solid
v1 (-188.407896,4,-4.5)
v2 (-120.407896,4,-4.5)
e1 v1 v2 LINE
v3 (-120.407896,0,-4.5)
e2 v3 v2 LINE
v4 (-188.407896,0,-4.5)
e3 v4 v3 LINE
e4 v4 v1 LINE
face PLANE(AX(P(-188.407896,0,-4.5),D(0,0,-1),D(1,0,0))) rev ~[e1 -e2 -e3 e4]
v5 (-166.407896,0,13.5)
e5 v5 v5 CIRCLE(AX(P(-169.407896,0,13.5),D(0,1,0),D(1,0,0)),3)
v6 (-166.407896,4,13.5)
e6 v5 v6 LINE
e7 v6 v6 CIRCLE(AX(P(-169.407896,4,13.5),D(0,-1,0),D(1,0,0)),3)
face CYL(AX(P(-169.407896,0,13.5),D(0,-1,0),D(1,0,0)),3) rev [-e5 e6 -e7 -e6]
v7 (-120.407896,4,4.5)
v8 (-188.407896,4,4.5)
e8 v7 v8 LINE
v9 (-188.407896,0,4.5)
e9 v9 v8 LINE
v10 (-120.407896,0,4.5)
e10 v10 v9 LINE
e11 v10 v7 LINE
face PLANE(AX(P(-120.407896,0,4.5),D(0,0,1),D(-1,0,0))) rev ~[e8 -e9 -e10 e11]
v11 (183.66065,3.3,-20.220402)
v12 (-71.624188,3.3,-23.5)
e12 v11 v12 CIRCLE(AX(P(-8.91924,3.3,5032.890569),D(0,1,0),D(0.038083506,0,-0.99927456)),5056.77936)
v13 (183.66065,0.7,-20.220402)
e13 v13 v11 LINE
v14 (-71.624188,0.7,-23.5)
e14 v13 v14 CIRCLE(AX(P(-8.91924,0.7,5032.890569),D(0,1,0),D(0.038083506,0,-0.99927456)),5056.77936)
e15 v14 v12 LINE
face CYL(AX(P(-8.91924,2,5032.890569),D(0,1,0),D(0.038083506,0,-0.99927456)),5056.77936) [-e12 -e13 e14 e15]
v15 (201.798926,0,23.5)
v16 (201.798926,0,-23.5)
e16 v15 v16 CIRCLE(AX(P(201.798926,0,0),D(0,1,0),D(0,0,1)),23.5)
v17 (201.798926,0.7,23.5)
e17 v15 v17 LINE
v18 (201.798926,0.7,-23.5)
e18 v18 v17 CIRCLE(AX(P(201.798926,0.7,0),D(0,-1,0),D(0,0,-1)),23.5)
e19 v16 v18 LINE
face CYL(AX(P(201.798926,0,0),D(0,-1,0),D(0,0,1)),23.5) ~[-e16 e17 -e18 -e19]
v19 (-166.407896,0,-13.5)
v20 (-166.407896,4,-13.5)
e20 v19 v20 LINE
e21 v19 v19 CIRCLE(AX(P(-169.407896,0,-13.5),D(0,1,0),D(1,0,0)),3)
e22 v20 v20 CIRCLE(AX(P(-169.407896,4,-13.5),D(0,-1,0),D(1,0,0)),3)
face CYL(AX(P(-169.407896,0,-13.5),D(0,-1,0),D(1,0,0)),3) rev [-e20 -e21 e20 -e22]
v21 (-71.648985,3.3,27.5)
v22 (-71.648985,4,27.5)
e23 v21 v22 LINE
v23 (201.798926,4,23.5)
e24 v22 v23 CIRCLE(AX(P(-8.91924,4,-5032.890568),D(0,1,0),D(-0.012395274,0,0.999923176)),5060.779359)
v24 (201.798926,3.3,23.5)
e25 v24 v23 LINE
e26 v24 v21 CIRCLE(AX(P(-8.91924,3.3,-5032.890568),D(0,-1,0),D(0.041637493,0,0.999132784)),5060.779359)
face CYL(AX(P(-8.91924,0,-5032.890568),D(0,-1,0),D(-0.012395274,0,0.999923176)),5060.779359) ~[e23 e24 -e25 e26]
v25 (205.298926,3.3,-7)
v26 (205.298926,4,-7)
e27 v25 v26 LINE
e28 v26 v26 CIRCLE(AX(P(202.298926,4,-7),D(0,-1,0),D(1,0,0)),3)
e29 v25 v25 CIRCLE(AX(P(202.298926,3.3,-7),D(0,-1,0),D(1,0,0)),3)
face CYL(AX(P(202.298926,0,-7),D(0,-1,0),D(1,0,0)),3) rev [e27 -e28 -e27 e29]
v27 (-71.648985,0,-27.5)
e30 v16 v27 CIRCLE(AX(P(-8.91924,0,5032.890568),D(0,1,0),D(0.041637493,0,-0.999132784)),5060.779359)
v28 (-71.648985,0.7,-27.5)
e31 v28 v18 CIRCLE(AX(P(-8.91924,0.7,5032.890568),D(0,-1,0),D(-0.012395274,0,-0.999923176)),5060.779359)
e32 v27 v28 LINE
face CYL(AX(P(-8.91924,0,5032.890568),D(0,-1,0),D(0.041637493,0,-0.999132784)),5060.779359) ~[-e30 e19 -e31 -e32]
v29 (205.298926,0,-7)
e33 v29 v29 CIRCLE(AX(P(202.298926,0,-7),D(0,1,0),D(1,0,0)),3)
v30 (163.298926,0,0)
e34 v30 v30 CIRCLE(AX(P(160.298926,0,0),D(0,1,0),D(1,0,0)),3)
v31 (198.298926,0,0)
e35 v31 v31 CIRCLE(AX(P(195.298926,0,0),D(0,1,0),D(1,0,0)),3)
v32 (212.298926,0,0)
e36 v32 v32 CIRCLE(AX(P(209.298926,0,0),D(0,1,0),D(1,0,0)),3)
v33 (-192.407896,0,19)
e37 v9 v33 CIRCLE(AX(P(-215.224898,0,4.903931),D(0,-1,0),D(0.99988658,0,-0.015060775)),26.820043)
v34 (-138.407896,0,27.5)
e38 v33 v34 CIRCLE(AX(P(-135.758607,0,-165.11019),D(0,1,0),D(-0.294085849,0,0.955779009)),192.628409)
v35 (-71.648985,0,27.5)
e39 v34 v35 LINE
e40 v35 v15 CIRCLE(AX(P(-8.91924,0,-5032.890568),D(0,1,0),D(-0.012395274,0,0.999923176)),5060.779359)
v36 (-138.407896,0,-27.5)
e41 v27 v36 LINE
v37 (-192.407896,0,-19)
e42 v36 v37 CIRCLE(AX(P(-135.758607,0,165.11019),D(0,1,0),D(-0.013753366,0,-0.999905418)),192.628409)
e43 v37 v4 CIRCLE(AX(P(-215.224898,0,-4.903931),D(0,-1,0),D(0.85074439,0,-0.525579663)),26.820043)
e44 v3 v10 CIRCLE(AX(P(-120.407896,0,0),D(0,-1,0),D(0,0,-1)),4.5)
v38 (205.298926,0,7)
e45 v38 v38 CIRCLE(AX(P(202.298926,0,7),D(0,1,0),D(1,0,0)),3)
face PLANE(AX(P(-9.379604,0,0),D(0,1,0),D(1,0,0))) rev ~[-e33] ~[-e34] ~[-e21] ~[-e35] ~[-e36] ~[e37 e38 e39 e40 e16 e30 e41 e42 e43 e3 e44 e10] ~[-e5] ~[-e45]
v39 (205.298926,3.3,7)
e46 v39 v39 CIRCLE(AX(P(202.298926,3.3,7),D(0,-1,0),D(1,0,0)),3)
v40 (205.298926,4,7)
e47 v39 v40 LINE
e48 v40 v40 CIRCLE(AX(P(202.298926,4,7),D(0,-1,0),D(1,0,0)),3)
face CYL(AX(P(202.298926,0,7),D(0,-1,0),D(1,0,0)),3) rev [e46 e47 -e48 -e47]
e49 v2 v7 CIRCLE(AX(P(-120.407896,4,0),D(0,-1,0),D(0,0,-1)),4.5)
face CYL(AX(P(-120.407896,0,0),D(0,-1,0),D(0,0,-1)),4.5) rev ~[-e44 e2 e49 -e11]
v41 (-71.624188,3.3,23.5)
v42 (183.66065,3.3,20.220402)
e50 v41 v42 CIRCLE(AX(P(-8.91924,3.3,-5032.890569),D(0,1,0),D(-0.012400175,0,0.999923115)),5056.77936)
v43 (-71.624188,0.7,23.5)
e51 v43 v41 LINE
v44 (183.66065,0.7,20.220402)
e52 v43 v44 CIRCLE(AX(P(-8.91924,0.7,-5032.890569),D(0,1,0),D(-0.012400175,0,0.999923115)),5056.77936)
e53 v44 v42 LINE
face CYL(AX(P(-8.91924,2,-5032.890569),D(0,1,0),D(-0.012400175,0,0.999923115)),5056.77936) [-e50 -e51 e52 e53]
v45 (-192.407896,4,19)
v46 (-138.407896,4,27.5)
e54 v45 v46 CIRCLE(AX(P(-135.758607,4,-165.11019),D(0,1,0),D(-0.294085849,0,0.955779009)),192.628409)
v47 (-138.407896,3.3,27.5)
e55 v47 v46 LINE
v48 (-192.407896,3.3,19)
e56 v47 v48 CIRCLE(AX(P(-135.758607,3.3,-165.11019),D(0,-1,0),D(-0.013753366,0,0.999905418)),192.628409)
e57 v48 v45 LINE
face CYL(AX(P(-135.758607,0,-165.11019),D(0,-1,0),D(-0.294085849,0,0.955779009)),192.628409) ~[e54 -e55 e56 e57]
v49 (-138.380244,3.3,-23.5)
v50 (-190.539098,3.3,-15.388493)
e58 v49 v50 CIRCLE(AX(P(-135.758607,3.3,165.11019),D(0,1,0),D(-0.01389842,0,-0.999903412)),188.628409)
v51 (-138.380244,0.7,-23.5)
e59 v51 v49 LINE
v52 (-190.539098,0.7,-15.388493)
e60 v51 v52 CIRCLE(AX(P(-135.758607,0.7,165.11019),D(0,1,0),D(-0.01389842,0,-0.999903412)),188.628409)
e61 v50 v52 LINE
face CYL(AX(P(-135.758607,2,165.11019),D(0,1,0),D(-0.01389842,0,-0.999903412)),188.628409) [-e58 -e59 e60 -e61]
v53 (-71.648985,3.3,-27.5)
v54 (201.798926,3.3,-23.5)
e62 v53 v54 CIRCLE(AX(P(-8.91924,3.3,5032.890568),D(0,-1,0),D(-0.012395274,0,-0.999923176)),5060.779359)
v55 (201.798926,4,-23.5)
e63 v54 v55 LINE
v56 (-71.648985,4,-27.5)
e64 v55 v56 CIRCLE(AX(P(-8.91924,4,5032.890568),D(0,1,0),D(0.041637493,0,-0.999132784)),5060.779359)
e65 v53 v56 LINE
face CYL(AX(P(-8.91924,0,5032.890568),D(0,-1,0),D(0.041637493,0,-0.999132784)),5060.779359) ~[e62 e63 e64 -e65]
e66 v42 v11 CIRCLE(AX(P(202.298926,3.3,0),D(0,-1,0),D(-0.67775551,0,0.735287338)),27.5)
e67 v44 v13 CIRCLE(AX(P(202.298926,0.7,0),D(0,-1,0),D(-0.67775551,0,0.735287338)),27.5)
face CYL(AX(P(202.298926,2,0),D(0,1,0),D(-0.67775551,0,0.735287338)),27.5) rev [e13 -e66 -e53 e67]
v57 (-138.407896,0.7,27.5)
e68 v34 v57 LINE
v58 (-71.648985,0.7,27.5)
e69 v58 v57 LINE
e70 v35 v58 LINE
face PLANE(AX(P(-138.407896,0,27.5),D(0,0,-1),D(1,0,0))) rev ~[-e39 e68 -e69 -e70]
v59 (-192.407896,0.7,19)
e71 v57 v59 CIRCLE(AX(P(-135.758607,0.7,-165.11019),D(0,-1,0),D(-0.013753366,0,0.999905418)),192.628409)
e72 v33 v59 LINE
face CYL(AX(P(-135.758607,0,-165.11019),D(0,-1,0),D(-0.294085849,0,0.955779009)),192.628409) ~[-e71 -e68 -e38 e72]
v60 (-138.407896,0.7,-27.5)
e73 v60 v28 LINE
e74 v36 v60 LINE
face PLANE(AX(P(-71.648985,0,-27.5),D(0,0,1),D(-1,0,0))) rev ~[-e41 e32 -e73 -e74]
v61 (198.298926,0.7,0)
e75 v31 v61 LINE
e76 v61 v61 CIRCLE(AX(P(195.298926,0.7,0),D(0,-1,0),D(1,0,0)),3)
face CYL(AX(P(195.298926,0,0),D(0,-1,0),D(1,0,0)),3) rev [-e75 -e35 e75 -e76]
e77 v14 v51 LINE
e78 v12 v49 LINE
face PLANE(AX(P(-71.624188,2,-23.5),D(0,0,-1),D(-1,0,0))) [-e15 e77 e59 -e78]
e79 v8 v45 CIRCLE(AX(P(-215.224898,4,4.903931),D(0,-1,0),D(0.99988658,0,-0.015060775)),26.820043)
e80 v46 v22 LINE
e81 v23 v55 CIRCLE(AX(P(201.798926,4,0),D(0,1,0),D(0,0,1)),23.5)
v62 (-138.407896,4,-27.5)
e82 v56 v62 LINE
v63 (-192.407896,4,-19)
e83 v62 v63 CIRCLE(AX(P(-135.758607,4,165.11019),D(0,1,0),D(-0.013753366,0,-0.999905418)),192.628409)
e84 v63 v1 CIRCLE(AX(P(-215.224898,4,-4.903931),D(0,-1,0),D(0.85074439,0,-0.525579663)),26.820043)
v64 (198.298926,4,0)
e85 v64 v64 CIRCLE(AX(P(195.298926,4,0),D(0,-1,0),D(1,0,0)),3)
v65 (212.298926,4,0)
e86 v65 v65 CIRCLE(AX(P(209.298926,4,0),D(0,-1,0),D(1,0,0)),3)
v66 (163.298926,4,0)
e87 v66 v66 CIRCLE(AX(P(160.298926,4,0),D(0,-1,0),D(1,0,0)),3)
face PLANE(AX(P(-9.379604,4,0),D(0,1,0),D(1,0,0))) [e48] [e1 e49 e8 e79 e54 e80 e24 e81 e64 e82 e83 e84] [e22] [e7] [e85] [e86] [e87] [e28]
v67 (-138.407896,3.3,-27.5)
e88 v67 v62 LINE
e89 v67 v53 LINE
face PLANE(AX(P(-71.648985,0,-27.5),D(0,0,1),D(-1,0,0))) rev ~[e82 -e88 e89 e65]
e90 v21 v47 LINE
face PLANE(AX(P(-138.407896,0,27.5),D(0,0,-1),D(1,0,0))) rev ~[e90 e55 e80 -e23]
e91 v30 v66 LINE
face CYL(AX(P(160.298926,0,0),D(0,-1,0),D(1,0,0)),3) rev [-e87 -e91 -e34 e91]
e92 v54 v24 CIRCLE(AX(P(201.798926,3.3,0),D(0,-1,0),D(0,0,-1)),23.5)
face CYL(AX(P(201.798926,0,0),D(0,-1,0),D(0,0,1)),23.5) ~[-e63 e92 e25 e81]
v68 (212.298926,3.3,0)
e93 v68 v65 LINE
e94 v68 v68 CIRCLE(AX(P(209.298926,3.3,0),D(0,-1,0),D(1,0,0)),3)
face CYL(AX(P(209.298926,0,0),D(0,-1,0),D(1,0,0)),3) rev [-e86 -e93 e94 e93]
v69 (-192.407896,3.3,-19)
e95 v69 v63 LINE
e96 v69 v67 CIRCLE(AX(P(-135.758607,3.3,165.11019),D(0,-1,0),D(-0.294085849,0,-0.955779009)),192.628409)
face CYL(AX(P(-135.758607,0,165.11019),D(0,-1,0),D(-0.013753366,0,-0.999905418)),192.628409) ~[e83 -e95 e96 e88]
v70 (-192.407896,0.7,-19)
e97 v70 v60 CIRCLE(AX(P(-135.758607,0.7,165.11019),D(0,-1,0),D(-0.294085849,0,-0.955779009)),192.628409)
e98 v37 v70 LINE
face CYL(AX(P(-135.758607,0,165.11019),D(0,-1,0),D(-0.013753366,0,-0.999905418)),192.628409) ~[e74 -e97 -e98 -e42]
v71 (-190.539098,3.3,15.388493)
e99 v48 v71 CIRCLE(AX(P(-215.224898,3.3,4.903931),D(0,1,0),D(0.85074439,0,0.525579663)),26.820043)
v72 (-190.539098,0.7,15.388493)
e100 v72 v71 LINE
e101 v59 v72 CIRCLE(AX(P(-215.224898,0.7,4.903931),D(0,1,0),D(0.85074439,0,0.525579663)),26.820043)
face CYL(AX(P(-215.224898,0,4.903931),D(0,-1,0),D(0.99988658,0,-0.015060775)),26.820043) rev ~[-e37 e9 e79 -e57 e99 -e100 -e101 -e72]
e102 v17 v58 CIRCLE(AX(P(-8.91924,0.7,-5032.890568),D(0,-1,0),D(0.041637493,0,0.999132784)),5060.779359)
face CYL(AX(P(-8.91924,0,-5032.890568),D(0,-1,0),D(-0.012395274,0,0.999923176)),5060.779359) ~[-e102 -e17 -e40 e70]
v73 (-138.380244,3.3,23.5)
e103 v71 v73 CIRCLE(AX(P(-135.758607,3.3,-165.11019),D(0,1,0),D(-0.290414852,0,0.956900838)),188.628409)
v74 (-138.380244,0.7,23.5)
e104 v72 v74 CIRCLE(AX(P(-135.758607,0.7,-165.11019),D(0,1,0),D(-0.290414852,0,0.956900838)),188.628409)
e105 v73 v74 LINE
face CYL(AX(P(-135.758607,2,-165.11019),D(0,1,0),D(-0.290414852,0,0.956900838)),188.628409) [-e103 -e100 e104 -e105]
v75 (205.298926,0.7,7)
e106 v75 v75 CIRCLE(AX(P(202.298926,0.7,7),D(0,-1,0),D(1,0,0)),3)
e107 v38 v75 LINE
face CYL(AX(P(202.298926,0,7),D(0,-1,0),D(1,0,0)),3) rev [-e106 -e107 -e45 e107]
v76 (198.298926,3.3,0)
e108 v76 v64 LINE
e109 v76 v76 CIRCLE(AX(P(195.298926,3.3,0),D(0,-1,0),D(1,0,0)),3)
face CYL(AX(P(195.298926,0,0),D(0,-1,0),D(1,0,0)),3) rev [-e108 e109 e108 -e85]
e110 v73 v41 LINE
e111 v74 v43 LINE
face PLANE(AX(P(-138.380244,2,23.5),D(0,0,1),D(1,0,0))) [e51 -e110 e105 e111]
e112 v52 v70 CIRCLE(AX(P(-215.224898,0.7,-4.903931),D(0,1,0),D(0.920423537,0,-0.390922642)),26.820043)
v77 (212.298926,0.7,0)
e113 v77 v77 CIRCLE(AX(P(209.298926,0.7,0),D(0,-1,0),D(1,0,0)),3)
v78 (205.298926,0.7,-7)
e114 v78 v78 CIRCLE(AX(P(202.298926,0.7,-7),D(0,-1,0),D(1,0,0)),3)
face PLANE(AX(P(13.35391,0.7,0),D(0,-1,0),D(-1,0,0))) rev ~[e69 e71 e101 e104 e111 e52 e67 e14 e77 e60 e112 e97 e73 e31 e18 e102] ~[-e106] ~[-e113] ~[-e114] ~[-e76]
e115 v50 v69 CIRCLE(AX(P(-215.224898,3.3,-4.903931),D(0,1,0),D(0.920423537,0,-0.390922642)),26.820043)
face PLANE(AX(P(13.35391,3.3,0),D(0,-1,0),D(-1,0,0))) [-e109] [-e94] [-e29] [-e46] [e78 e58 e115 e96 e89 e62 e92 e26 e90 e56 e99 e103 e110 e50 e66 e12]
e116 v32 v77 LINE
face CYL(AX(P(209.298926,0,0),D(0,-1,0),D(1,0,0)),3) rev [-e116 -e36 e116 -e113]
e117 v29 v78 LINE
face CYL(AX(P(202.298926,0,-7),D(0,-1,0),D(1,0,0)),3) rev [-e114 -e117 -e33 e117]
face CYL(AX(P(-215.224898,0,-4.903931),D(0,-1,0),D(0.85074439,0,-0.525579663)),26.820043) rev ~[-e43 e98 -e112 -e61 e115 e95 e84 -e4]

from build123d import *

# Parameters (mm, degrees)
BOSS_EXTRUDE2_DEPTH     = 4
SKETCH1_5_R             = 3
CUT_EXTRUDE3_DEPTH      = 54
SKETCH1_6_R             = 3
CUT_EXTRUDE4_DEPTH      = 35
CUT_EXTRUDE6_DEPTH      = 1.3
CUT_EXTRUDE6_DEPTH_BACK = 1.3


with BuildPart() as part:
    # Sketch1 → Boss-Extrude2 (new body)
    with BuildSketch(Plane(origin=(0, 0, 0), x_dir=(1, 0, 0), z_dir=(0, 1, 0))):
        with BuildLine():
            Line((-71.648984849, 27.5), (-138.40789612, 27.5))
            ThreePointArc((-138.40789612, 27.5), (-165.710949902, 25.175282852), (-192.40789612, 19))
            ThreePointArc((-192.40789612, 19), (-189.370573735, 12.036157899), (-188.40789612, 4.5))
            Line((-188.40789612, 4.5), (-120.40789612, 4.5))
            ThreePointArc((-120.40789612, 4.5), (-115.90789612, 0), (-120.40789612, -4.5))
            Line((-120.40789612, -4.5), (-188.40789612, -4.5))
            ThreePointArc((-188.40789612, -4.5), (-189.370573735, -12.036157899), (-192.40789612, -19))
            ThreePointArc((-192.40789612, -19), (-165.710949902, -25.175282852), (-138.40789612, -27.5))
            Line((-138.40789612, -27.5), (-71.648984849, -27.5))
            ThreePointArc((-71.648984849, -27.5), (65.101994969, -27.347428228), (201.798926373, -23.5))
            ThreePointArc((201.798926373, -23.5), (225.298926373, 0), (201.798926373, 23.5))
            ThreePointArc((201.798926373, 23.5), (65.101994969, 27.347428228), (-71.648984849, 27.5))
        make_face()
    extrude(amount=BOSS_EXTRUDE2_DEPTH)

    # Sketch1<5> → Cut-Extrude3 (cut)
    with BuildSketch(Plane(origin=(0, 0, 0), x_dir=(1, 0, 0), z_dir=(0, 1, 0))):
        with Locations((160.298926373, 0)):
            Circle(SKETCH1_5_R)
        with Locations((195.298926373, 0)):
            Circle(SKETCH1_5_R)
        with Locations((202.298926373, 7)):
            Circle(SKETCH1_5_R)
        with Locations((209.298926373, 0)):
            Circle(SKETCH1_5_R)
        with Locations((202.298926373, -7)):
            Circle(SKETCH1_5_R)
        with Locations((-169.40789612, -13.5)):
            Circle(SKETCH1_5_R)
    extrude(amount=CUT_EXTRUDE3_DEPTH, mode=Mode.SUBTRACT)

    # Sketch1<6> → Cut-Extrude4 (cut)
    with BuildSketch(Plane(origin=(0, 0, 0), x_dir=(1, 0, 0), z_dir=(0, 1, 0))):
        with Locations((-169.40789612, 13.5)):
            Circle(SKETCH1_6_R)
    extrude(amount=CUT_EXTRUDE4_DEPTH, mode=Mode.SUBTRACT)

    # Sketch11 → Cut-Extrude6 (cut, two sides: drawn at the far end of the back side and taken through both)
    with BuildSketch(Plane(origin=(0, 2, 0), x_dir=(1, 0, 0), z_dir=(0, 1, 0)).offset(-CUT_EXTRUDE6_DEPTH_BACK)):
        with BuildLine():
            Line((-138.380243773, -23.5), (-71.624188449, -23.5))
            ThreePointArc((-71.624188449, -23.5), (56.038931481, -23.471555382), (183.66064985, -20.220401783))
            ThreePointArc((183.66064985, -20.220401783), (174.798926373, 0), (183.66064985, 20.220401783))
            ThreePointArc((183.66064985, 20.220401783), (56.038931481, 23.471555382), (-71.624188449, 23.5))
            Line((-71.624188449, 23.5), (-138.380243773, 23.5))
            ThreePointArc((-138.380243773, 23.5), (-164.744814342, 21.277783148), (-190.539098376, 15.388492851))
            ThreePointArc((-190.539098376, 15.388492851), (-191.404952918, 17.229715133), (-192.40789612, 19))
            ThreePointArc((-192.40789612, 19), (-165.710949902, 25.175282852), (-138.40789612, 27.5))
            Line((-138.40789612, 27.5), (-71.648984849, 27.5))
            ThreePointArc((-71.648984849, 27.5), (65.101994969, 27.347428228), (201.798926373, 23.5))
            ThreePointArc((201.798926373, 23.5), (225.298926373, 0), (201.798926373, -23.5))
            ThreePointArc((201.798926373, -23.5), (65.101994969, -27.347428228), (-71.648984849, -27.5))
            Line((-71.648984849, -27.5), (-138.40789612, -27.5))
            ThreePointArc((-138.40789612, -27.5), (-165.710949902, -25.175282852), (-192.40789612, -19))
            ThreePointArc((-192.40789612, -19), (-191.404952918, -17.229715133), (-190.539098376, -15.388492851))
            ThreePointArc((-190.539098376, -15.388492851), (-164.744814342, -21.277783148), (-138.380243773, -23.5))
        make_face()
    extrude(amount=CUT_EXTRUDE6_DEPTH + CUT_EXTRUDE6_DEPTH_BACK, mode=Mode.SUBTRACT)


solid = part.part
